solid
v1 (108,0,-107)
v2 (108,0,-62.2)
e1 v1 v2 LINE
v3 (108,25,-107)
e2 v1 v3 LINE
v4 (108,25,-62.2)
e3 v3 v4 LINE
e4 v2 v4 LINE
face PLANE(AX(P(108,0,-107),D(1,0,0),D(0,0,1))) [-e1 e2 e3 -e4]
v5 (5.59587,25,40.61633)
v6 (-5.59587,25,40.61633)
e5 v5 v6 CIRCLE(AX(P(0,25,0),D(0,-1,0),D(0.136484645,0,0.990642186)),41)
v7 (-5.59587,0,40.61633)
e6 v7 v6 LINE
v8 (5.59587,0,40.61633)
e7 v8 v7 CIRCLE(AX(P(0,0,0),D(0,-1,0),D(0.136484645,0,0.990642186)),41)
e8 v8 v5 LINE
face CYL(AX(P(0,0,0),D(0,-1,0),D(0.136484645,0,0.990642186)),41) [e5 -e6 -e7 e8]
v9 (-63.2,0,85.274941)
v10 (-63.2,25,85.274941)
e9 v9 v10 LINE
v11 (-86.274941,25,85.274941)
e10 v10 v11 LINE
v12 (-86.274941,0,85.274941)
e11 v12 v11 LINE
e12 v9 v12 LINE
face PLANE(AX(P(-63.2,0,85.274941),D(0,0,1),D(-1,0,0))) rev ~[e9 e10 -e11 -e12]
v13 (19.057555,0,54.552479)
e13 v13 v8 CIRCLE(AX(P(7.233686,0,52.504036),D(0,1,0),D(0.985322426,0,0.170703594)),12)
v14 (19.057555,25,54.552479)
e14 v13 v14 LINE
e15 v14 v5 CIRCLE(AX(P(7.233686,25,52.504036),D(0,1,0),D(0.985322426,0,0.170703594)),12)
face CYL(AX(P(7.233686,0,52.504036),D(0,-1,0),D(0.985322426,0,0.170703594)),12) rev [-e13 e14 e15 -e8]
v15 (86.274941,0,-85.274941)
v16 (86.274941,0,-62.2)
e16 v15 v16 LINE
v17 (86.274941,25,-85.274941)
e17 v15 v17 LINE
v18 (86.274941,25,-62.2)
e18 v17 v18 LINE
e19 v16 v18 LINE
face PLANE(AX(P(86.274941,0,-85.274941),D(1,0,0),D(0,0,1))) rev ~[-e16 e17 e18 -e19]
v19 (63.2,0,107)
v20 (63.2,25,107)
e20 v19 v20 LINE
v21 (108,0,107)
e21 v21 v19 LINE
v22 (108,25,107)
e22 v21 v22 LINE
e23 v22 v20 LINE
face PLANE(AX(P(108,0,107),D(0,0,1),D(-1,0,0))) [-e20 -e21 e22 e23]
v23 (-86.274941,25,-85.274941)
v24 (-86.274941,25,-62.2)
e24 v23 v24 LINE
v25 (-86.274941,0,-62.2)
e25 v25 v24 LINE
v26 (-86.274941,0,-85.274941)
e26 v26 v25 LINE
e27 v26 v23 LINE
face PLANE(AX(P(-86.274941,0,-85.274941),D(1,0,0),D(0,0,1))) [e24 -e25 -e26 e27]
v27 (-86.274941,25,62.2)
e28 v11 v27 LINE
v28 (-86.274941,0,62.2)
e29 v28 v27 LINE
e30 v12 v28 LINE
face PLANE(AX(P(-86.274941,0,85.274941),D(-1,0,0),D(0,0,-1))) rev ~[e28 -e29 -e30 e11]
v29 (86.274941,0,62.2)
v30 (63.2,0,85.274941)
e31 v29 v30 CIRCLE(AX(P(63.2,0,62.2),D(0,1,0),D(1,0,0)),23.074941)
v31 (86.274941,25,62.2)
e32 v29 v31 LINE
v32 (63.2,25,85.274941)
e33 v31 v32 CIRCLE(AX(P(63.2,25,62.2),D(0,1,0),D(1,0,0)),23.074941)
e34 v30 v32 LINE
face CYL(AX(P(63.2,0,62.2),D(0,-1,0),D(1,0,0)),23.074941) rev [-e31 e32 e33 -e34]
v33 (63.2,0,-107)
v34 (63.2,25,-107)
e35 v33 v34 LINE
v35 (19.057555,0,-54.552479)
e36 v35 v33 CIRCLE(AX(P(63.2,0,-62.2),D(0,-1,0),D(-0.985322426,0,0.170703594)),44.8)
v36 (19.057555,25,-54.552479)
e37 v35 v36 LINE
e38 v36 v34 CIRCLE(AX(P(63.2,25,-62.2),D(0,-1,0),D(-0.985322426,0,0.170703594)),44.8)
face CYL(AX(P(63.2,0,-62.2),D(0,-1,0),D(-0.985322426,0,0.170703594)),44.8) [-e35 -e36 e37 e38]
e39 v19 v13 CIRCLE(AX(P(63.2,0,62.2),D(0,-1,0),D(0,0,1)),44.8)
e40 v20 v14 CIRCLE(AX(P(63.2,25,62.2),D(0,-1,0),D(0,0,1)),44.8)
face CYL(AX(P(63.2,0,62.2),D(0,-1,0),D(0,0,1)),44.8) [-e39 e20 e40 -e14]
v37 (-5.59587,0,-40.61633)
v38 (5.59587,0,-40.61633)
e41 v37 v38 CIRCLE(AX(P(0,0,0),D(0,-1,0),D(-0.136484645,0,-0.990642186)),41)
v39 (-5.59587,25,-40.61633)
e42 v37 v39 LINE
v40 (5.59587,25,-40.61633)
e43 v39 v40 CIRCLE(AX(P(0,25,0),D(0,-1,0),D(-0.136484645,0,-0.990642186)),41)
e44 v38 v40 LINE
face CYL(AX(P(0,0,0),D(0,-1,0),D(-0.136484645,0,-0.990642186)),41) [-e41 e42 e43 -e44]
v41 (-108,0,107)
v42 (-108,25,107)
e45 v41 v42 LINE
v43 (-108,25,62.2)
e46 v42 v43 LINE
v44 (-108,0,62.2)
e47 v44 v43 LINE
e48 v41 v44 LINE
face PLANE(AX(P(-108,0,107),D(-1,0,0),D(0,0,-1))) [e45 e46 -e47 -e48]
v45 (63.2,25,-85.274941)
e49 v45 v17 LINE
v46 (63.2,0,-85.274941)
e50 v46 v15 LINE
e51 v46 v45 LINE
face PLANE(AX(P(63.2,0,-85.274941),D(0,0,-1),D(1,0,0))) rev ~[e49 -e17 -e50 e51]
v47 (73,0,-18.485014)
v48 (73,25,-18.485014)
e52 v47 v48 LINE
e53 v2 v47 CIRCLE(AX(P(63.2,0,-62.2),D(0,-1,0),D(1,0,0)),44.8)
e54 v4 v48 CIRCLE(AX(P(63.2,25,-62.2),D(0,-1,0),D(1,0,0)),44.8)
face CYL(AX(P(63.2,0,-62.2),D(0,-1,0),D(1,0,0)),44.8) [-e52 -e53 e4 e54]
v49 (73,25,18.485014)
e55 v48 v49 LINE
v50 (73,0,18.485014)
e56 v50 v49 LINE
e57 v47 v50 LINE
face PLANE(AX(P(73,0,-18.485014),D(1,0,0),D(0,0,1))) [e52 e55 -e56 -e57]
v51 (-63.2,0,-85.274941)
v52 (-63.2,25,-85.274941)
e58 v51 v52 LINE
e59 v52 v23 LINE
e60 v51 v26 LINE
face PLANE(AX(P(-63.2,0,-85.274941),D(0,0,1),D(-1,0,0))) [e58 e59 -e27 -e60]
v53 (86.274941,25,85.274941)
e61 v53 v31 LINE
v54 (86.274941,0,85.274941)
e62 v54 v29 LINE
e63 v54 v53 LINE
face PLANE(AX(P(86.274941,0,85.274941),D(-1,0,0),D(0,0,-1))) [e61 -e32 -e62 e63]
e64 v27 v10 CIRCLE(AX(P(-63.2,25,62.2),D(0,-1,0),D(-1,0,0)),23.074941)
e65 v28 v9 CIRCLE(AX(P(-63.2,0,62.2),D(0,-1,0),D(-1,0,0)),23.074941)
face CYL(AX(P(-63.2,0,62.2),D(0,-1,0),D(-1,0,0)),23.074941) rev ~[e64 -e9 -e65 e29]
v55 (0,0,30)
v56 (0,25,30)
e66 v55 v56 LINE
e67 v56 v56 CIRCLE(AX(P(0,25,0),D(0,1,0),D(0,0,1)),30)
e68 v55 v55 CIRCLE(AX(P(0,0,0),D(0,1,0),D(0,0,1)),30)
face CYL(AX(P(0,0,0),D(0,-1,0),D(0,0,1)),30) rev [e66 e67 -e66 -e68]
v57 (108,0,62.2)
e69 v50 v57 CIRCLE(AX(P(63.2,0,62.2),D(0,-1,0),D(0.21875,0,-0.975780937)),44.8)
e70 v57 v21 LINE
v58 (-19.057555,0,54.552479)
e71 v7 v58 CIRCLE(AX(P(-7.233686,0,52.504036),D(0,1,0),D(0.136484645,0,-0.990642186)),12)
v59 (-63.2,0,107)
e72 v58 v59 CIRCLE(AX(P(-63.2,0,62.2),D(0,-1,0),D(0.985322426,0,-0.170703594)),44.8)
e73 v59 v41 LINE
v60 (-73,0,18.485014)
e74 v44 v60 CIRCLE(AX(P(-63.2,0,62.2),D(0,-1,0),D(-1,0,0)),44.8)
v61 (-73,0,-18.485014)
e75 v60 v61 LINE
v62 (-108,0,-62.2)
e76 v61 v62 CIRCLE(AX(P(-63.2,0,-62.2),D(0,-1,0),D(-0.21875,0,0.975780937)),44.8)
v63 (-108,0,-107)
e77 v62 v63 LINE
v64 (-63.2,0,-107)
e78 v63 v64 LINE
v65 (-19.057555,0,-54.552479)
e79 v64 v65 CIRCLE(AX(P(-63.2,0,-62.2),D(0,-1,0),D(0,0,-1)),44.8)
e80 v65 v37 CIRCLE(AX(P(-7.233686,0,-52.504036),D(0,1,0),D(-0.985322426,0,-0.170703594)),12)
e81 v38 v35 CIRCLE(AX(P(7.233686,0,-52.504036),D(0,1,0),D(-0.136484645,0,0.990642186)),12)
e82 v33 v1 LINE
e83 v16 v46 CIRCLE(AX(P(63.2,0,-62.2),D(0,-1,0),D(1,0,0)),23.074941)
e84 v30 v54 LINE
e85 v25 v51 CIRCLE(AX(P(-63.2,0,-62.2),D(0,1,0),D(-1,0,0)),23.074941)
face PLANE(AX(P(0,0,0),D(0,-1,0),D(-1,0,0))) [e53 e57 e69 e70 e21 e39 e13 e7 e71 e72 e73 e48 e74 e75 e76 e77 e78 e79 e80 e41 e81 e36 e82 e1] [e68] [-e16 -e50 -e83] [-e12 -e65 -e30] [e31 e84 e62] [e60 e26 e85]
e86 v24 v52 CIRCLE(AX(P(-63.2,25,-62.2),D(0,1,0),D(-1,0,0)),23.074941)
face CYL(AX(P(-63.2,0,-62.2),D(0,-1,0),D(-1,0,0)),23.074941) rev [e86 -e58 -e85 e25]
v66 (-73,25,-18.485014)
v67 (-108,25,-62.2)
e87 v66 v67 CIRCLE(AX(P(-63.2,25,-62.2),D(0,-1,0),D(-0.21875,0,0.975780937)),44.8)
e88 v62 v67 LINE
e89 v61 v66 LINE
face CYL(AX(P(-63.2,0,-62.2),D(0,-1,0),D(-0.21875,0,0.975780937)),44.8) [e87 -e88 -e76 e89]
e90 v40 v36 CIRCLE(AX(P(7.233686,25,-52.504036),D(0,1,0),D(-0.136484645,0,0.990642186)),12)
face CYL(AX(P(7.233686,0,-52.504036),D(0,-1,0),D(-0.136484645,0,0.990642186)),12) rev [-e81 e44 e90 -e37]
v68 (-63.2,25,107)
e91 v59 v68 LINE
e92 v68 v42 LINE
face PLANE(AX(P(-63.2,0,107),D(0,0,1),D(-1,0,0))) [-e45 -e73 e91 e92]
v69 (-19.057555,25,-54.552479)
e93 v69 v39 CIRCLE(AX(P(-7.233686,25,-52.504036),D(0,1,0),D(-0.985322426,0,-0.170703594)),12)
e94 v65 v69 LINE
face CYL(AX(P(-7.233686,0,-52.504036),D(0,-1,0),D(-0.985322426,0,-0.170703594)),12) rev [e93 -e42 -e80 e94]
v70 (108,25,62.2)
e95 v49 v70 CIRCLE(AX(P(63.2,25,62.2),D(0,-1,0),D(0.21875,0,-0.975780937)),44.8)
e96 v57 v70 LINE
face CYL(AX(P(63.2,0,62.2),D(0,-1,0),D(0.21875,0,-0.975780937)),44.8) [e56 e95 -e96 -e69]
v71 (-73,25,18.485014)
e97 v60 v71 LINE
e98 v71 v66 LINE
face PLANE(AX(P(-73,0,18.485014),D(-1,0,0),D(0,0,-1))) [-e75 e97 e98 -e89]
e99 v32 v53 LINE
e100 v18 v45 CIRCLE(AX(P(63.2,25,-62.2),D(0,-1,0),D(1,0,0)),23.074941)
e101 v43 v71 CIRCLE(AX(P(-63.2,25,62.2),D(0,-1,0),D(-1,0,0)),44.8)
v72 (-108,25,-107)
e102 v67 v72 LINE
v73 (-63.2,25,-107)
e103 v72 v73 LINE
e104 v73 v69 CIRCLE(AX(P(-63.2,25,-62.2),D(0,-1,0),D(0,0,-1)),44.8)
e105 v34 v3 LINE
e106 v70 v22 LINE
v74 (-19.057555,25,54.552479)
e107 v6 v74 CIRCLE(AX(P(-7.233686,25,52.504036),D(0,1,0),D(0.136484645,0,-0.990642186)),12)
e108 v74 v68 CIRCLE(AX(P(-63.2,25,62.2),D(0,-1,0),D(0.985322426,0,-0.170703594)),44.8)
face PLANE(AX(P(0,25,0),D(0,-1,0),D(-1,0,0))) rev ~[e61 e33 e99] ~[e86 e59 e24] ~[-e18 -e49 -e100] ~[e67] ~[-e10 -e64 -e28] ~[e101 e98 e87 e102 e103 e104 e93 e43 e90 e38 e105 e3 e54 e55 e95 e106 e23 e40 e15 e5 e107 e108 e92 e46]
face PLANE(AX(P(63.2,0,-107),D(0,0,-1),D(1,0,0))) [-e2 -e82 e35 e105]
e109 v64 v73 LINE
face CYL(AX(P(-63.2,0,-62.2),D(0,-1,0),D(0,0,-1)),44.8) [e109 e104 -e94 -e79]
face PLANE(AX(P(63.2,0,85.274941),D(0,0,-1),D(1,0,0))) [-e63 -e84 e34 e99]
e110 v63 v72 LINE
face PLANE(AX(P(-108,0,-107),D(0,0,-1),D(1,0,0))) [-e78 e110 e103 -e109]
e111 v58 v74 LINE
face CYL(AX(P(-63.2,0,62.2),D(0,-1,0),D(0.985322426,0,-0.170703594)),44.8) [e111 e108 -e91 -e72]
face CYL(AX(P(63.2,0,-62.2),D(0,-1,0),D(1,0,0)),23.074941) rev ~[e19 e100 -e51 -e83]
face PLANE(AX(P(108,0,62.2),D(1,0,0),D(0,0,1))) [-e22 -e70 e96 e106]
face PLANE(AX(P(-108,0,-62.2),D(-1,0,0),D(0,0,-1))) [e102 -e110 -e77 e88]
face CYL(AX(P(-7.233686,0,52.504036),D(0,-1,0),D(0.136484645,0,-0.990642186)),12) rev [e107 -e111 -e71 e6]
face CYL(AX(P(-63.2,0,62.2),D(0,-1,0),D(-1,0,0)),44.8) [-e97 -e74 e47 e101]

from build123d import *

# Parameters (mm, degrees)
SKETCH1_R           = 30
BOSS_EXTRUDE1_DEPTH = 25


with BuildPart() as part:
    # Sketch1 → Boss-Extrude1 (new body)
    with BuildSketch(Plane(origin=(0, 0, 0), x_dir=(1, 0, 0), z_dir=(0, 1, 0))):
        with BuildLine():
            Line((73, 18.485014011), (73, -18.485014011))
            ThreePointArc((73, -18.485014011), (98.171988791, -34.2), (108, -62.2))
            Line((108, -62.2), (108, -107))
            Line((108, -107), (63.2, -107))
            ThreePointArc((63.2, -107), (28.924287458, -91.048146036), (19.057555316, -54.552479005))
            ThreePointArc((19.057555316, -54.552479005), (15.86461811, -44.166949194), (5.59587046, -40.616329645))
            ThreePointArc((5.59587046, -40.616329645), (0, -41), (-5.59587046, -40.616329645))
            ThreePointArc((-5.59587046, -40.616329645), (-15.86461811, -44.166949194), (-19.057555316, -54.552479005))
            ThreePointArc((-19.057555316, -54.552479005), (-28.924287458, -91.048146036), (-63.2, -107))
            Line((-63.2, -107), (-108, -107))
            Line((-108, -107), (-108, -62.2))
            ThreePointArc((-108, -62.2), (-98.171988791, -34.2), (-73, -18.485014011))
            Line((-73, -18.485014011), (-73, 18.485014011))
            ThreePointArc((-73, 18.485014011), (-98.171988791, 34.2), (-108, 62.2))
            Line((-108, 62.2), (-108, 107))
            Line((-108, 107), (-63.2, 107))
            ThreePointArc((-63.2, 107), (-28.924287458, 91.048146036), (-19.057555316, 54.552479005))
            ThreePointArc((-19.057555316, 54.552479005), (-15.86461811, 44.166949194), (-5.59587046, 40.616329645))
            ThreePointArc((-5.59587046, 40.616329645), (0, 41), (5.59587046, 40.616329645))
            ThreePointArc((5.59587046, 40.616329645), (15.86461811, 44.166949194), (19.057555316, 54.552479005))
            ThreePointArc((19.057555316, 54.552479005), (28.924287458, 91.048146036), (63.2, 107))
            Line((63.2, 107), (108, 107))
            Line((108, 107), (108, 62.2))
            ThreePointArc((108, 62.2), (98.171988791, 34.2), (73, 18.485014011))
        make_face()
        with Locations(Location((0, 0, 0), (0, 0, 270))):
            Circle(SKETCH1_R, mode=Mode.SUBTRACT)
        with BuildLine():
            Line((86.274940548, 85.274940548), (86.274940548, 62.2))
            ThreePointArc((86.274940548, 62.2), (46.883553063, 45.883553063), (63.2, 85.274940548))
            Line((63.2, 85.274940548), (86.274940548, 85.274940548))
        make_face(mode=Mode.SUBTRACT)
        with BuildLine():
            Line((86.274940548, -85.274940548), (86.274940548, -62.2))
            ThreePointArc((86.274940548, -62.2), (46.883553063, -45.883553063), (63.2, -85.274940548))
            Line((63.2, -85.274940548), (86.274940548, -85.274940548))
        make_face(mode=Mode.SUBTRACT)
        with BuildLine():
            Line((-86.274940548, -85.274940548), (-86.274940548, -62.2))
            ThreePointArc((-86.274940548, -62.2), (-46.883553063, -45.883553063), (-63.2, -85.274940548))
            Line((-63.2, -85.274940548), (-86.274940548, -85.274940548))
        make_face(mode=Mode.SUBTRACT)
        with BuildLine():
            Line((-63.2, 85.274940548), (-86.274940548, 85.274940548))
            Line((-86.274940548, 85.274940548), (-86.274940548, 62.2))
            ThreePointArc((-86.274940548, 62.2), (-46.883553063, 45.883553063), (-63.2, 85.274940548))
        make_face(mode=Mode.SUBTRACT)
    extrude(amount=BOSS_EXTRUDE1_DEPTH)


solid = part.part
